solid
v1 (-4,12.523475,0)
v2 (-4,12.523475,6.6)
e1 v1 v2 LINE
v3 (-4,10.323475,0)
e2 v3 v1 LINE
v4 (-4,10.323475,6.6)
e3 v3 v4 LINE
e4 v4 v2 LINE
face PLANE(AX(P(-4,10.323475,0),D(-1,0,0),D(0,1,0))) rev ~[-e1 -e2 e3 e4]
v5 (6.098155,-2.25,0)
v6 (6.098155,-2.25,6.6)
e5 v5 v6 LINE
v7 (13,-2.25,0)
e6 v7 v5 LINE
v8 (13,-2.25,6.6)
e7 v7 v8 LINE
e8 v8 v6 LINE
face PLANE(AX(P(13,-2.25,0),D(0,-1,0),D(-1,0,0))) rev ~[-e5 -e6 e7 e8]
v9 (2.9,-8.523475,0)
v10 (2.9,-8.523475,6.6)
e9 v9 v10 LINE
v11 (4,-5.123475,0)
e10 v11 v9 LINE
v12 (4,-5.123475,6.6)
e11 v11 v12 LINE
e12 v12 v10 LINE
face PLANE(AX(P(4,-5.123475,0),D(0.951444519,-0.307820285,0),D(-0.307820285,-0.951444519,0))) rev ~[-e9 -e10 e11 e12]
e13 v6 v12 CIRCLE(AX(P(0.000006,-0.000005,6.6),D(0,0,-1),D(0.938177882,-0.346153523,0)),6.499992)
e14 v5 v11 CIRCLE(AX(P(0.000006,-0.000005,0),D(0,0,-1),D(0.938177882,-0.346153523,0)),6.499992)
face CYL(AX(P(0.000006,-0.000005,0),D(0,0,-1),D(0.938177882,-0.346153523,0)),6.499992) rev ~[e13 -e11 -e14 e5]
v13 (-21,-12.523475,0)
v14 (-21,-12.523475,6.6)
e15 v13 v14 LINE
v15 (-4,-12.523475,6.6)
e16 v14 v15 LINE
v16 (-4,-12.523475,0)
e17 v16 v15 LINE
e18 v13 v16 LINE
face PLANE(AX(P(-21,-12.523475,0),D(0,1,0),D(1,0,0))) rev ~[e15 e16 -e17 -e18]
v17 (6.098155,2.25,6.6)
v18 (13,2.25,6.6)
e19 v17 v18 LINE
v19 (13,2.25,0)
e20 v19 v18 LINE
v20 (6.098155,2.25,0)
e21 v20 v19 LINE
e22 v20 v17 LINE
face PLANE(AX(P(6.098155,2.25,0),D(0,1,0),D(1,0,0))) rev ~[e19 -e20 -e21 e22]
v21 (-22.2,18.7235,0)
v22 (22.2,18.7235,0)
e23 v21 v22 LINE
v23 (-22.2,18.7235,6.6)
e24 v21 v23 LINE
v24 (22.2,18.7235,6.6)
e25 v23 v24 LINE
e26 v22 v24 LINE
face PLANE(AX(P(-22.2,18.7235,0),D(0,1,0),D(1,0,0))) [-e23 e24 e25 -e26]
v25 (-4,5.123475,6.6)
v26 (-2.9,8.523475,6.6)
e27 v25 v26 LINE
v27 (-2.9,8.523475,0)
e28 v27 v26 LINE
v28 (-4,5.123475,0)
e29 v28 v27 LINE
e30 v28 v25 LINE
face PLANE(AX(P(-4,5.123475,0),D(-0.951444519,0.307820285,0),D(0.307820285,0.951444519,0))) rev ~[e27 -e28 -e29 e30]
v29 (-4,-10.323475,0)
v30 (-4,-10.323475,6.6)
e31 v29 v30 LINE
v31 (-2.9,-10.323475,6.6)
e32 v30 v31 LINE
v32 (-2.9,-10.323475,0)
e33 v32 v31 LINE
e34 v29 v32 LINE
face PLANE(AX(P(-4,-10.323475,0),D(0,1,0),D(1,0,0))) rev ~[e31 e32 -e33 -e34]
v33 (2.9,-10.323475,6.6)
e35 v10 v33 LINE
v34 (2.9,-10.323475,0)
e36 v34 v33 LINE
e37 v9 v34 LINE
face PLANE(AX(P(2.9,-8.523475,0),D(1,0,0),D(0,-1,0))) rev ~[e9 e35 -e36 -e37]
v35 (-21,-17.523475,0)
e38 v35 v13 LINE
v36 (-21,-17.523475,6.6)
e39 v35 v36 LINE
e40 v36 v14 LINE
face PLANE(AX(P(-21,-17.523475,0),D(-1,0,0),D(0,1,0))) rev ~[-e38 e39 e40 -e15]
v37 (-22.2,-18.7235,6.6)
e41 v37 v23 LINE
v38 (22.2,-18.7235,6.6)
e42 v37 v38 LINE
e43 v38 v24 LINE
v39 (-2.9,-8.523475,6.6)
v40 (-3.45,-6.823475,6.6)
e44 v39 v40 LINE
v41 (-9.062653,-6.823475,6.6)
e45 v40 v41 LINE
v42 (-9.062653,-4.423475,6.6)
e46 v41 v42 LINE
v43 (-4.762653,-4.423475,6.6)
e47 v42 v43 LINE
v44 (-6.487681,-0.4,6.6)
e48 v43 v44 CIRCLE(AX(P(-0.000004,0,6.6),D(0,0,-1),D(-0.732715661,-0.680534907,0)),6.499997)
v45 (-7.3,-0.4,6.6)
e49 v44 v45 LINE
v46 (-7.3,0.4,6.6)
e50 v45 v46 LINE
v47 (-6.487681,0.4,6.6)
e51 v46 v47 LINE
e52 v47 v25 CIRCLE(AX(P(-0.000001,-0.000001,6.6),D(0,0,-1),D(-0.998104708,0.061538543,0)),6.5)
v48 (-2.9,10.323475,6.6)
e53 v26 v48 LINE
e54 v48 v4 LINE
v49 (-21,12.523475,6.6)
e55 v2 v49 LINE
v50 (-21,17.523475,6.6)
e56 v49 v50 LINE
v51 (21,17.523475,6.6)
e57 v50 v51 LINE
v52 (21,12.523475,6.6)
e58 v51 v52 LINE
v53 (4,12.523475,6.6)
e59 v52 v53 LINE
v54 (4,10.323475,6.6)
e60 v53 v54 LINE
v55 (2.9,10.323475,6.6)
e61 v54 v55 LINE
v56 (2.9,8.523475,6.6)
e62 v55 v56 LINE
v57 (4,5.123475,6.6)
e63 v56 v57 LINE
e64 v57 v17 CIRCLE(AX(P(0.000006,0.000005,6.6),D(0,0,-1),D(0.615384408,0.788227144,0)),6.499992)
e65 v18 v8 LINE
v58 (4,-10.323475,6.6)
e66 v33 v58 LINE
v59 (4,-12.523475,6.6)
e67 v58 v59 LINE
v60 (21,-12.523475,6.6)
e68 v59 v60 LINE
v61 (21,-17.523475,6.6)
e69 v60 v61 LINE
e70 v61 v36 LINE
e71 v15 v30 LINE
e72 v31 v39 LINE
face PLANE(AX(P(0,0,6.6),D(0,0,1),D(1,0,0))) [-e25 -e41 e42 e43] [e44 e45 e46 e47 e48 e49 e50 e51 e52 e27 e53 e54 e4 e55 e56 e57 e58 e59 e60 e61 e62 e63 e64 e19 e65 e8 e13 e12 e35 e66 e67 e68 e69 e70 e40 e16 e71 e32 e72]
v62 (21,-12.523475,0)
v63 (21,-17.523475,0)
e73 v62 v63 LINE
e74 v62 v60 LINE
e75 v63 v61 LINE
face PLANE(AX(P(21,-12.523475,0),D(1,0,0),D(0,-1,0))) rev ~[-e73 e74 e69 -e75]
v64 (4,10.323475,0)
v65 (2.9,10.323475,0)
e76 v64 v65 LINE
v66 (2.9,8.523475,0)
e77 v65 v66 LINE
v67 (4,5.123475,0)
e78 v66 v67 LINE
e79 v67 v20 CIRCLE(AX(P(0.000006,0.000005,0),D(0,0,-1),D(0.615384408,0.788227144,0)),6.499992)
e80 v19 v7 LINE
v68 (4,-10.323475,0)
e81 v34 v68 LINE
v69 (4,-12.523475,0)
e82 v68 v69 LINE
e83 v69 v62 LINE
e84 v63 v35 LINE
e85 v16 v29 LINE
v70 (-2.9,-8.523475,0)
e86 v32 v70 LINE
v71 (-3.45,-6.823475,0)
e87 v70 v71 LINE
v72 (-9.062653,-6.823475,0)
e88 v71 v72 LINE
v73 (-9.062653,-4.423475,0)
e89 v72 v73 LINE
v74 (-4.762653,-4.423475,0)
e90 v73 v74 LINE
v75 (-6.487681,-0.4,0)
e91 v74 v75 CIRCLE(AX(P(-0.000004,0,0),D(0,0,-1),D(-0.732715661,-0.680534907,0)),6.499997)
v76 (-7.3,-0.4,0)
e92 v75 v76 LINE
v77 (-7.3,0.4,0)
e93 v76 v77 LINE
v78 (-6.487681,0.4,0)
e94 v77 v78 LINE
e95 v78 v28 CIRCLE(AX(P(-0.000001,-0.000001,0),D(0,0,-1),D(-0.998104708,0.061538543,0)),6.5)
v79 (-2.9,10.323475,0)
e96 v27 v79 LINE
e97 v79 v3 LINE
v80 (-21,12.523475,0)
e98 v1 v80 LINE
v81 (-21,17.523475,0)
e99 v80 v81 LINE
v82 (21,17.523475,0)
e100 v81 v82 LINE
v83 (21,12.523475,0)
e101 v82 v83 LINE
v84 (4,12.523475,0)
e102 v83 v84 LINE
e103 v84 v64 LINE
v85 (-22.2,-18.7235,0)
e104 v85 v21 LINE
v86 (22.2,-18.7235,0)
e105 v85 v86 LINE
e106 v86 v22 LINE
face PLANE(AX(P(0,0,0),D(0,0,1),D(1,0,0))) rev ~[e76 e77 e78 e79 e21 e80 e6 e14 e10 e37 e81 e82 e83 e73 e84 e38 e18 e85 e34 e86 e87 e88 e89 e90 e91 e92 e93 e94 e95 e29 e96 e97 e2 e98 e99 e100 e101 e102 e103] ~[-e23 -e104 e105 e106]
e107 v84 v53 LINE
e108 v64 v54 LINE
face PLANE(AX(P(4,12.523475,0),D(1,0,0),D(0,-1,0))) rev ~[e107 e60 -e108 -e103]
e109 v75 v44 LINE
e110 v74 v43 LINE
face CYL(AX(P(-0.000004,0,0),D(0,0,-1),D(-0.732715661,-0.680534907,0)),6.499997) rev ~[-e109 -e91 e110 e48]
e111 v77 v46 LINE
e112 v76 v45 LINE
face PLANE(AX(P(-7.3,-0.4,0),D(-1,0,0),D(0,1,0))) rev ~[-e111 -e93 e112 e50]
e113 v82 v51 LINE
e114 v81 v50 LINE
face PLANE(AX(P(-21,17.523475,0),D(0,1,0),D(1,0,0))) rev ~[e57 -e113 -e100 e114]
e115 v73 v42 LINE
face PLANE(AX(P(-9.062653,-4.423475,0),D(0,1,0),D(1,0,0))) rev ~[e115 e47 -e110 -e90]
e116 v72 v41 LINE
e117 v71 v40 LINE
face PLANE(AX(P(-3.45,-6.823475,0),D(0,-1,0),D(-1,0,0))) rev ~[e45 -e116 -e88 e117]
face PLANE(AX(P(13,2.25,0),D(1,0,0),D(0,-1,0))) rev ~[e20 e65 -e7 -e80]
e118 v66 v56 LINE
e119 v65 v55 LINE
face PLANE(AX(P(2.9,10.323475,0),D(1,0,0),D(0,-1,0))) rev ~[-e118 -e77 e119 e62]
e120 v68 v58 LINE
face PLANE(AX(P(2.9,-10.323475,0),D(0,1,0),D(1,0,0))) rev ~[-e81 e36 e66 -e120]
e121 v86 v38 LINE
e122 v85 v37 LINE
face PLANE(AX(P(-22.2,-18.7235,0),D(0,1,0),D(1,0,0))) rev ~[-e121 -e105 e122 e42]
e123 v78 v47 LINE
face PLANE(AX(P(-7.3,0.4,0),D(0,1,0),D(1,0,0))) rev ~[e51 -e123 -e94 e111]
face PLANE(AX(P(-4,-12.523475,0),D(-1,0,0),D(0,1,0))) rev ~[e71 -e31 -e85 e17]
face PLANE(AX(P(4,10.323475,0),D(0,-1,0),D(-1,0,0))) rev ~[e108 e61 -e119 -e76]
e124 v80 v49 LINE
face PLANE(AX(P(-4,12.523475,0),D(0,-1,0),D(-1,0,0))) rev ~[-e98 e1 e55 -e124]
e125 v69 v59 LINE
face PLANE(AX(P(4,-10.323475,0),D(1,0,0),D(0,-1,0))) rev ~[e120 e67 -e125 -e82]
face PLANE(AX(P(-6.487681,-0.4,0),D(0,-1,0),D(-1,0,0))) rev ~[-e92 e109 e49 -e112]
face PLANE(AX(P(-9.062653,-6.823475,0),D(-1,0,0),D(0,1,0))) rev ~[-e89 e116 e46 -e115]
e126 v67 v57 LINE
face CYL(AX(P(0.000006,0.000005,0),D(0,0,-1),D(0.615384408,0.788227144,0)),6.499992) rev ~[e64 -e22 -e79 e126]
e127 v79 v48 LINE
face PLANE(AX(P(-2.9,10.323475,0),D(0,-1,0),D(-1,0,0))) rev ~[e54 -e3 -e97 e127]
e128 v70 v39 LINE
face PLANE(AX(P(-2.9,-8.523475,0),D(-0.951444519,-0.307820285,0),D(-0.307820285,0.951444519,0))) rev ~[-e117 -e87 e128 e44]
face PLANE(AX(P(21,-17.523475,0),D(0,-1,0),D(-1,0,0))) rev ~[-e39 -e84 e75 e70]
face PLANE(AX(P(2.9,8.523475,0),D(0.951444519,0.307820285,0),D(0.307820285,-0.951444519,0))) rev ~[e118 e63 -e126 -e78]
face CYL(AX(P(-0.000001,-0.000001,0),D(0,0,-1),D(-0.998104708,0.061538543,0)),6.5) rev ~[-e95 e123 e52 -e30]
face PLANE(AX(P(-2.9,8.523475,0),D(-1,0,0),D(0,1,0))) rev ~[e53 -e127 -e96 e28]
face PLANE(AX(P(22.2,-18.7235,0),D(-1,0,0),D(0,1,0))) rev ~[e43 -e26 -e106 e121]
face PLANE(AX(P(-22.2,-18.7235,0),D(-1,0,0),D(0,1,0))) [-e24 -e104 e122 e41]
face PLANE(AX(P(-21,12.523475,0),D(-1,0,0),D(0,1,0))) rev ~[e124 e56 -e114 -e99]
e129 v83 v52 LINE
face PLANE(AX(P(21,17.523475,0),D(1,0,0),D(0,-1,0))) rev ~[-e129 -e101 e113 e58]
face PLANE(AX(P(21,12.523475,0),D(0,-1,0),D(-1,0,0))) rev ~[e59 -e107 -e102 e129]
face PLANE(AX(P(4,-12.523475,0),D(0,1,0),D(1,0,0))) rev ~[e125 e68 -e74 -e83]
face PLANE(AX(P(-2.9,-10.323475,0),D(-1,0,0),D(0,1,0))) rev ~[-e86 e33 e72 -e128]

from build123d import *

# Parameters (mm, degrees)
F0_W     = 44.4
F0_H     = 37.447
F1_DEPTH = 6.6


with BuildPart() as f1:
    # F0 (on Top) → F1 (new body)
    with BuildSketch(Plane.XY):
        Rectangle(F0_W, F0_H)
        with BuildLine():
            ThreePointArc((6.098155, -2.25), (5.249514, -3.833093), (4, -5.123475))
            Line((4, -5.123475), (2.9, -8.523475))
            Line((2.9, -8.523475), (2.9, -10.323475))
            Line((2.9, -10.323475), (4, -10.323475))
            Line((4, -10.323475), (4, -12.523475))
            Line((4, -12.523475), (21, -12.523475))
            Line((21, -12.523475), (21, -17.523475))
            Line((21, -17.523475), (0, -17.523475))
            Line((0, -17.523475), (-21, -17.523475))
            Line((-21, -17.523475), (-21, -12.523475))
            Line((-21, -12.523475), (-4, -12.523475))
            Line((-4, -12.523475), (-4, -10.323475))
            Line((-4, -10.323475), (-2.9, -10.323475))
            Line((-2.9, -10.323475), (-2.9, -8.523475))
            Line((-2.9, -8.523475), (-3.45, -6.823475))
            Line((-3.45, -6.823475), (-9.062653, -6.823475))
            Line((-9.062653, -6.823475), (-9.062653, -4.423475))
            Line((-9.062653, -4.423475), (-4.762653, -4.423475))
            ThreePointArc((-4.762653, -4.423475), (-5.974077, -2.561329), (-6.487681, -0.4))
            Line((-6.487681, -0.4), (-7.3, -0.4))
            Line((-7.3, -0.4), (-7.3, 0))
            Line((-7.3, 0), (-7.3, 0.4))
            Line((-7.3, 0.4), (-6.487681, 0.4))
            ThreePointArc((-6.487681, 0.4), (-5.751145, 3.028916), (-4, 5.123475))
            Line((-4, 5.123475), (-2.9, 8.523475))
            Line((-2.9, 8.523475), (-2.9, 10.323475))
            Line((-2.9, 10.323475), (-4, 10.323475))
            Line((-4, 10.323475), (-4, 12.523475))
            Line((-4, 12.523475), (-21, 12.523475))
            Line((-21, 12.523475), (-21, 17.523475))
            Line((-21, 17.523475), (0, 17.523475))
            Line((0, 17.523475), (21, 17.523475))
            Line((21, 17.523475), (21, 12.523475))
            Line((21, 12.523475), (4, 12.523475))
            Line((4, 12.523475), (4, 10.523475))
            Line((4, 10.523475), (4, 10.323475))
            Line((4, 10.323475), (2.9, 10.323475))
            Line((2.9, 10.323475), (2.9, 8.523475))
            Line((2.9, 8.523475), (4, 5.123475))
            ThreePointArc((4, 5.123475), (5.249514, 3.833093), (6.098155, 2.25))
            Line((6.098155, 2.25), (13, 2.25))
            Line((13, 2.25), (13, -2.25))
            Line((13, -2.25), (6.098155, -2.25))
        make_face(mode=Mode.SUBTRACT)
    extrude(amount=F1_DEPTH)


solid = f1.part
